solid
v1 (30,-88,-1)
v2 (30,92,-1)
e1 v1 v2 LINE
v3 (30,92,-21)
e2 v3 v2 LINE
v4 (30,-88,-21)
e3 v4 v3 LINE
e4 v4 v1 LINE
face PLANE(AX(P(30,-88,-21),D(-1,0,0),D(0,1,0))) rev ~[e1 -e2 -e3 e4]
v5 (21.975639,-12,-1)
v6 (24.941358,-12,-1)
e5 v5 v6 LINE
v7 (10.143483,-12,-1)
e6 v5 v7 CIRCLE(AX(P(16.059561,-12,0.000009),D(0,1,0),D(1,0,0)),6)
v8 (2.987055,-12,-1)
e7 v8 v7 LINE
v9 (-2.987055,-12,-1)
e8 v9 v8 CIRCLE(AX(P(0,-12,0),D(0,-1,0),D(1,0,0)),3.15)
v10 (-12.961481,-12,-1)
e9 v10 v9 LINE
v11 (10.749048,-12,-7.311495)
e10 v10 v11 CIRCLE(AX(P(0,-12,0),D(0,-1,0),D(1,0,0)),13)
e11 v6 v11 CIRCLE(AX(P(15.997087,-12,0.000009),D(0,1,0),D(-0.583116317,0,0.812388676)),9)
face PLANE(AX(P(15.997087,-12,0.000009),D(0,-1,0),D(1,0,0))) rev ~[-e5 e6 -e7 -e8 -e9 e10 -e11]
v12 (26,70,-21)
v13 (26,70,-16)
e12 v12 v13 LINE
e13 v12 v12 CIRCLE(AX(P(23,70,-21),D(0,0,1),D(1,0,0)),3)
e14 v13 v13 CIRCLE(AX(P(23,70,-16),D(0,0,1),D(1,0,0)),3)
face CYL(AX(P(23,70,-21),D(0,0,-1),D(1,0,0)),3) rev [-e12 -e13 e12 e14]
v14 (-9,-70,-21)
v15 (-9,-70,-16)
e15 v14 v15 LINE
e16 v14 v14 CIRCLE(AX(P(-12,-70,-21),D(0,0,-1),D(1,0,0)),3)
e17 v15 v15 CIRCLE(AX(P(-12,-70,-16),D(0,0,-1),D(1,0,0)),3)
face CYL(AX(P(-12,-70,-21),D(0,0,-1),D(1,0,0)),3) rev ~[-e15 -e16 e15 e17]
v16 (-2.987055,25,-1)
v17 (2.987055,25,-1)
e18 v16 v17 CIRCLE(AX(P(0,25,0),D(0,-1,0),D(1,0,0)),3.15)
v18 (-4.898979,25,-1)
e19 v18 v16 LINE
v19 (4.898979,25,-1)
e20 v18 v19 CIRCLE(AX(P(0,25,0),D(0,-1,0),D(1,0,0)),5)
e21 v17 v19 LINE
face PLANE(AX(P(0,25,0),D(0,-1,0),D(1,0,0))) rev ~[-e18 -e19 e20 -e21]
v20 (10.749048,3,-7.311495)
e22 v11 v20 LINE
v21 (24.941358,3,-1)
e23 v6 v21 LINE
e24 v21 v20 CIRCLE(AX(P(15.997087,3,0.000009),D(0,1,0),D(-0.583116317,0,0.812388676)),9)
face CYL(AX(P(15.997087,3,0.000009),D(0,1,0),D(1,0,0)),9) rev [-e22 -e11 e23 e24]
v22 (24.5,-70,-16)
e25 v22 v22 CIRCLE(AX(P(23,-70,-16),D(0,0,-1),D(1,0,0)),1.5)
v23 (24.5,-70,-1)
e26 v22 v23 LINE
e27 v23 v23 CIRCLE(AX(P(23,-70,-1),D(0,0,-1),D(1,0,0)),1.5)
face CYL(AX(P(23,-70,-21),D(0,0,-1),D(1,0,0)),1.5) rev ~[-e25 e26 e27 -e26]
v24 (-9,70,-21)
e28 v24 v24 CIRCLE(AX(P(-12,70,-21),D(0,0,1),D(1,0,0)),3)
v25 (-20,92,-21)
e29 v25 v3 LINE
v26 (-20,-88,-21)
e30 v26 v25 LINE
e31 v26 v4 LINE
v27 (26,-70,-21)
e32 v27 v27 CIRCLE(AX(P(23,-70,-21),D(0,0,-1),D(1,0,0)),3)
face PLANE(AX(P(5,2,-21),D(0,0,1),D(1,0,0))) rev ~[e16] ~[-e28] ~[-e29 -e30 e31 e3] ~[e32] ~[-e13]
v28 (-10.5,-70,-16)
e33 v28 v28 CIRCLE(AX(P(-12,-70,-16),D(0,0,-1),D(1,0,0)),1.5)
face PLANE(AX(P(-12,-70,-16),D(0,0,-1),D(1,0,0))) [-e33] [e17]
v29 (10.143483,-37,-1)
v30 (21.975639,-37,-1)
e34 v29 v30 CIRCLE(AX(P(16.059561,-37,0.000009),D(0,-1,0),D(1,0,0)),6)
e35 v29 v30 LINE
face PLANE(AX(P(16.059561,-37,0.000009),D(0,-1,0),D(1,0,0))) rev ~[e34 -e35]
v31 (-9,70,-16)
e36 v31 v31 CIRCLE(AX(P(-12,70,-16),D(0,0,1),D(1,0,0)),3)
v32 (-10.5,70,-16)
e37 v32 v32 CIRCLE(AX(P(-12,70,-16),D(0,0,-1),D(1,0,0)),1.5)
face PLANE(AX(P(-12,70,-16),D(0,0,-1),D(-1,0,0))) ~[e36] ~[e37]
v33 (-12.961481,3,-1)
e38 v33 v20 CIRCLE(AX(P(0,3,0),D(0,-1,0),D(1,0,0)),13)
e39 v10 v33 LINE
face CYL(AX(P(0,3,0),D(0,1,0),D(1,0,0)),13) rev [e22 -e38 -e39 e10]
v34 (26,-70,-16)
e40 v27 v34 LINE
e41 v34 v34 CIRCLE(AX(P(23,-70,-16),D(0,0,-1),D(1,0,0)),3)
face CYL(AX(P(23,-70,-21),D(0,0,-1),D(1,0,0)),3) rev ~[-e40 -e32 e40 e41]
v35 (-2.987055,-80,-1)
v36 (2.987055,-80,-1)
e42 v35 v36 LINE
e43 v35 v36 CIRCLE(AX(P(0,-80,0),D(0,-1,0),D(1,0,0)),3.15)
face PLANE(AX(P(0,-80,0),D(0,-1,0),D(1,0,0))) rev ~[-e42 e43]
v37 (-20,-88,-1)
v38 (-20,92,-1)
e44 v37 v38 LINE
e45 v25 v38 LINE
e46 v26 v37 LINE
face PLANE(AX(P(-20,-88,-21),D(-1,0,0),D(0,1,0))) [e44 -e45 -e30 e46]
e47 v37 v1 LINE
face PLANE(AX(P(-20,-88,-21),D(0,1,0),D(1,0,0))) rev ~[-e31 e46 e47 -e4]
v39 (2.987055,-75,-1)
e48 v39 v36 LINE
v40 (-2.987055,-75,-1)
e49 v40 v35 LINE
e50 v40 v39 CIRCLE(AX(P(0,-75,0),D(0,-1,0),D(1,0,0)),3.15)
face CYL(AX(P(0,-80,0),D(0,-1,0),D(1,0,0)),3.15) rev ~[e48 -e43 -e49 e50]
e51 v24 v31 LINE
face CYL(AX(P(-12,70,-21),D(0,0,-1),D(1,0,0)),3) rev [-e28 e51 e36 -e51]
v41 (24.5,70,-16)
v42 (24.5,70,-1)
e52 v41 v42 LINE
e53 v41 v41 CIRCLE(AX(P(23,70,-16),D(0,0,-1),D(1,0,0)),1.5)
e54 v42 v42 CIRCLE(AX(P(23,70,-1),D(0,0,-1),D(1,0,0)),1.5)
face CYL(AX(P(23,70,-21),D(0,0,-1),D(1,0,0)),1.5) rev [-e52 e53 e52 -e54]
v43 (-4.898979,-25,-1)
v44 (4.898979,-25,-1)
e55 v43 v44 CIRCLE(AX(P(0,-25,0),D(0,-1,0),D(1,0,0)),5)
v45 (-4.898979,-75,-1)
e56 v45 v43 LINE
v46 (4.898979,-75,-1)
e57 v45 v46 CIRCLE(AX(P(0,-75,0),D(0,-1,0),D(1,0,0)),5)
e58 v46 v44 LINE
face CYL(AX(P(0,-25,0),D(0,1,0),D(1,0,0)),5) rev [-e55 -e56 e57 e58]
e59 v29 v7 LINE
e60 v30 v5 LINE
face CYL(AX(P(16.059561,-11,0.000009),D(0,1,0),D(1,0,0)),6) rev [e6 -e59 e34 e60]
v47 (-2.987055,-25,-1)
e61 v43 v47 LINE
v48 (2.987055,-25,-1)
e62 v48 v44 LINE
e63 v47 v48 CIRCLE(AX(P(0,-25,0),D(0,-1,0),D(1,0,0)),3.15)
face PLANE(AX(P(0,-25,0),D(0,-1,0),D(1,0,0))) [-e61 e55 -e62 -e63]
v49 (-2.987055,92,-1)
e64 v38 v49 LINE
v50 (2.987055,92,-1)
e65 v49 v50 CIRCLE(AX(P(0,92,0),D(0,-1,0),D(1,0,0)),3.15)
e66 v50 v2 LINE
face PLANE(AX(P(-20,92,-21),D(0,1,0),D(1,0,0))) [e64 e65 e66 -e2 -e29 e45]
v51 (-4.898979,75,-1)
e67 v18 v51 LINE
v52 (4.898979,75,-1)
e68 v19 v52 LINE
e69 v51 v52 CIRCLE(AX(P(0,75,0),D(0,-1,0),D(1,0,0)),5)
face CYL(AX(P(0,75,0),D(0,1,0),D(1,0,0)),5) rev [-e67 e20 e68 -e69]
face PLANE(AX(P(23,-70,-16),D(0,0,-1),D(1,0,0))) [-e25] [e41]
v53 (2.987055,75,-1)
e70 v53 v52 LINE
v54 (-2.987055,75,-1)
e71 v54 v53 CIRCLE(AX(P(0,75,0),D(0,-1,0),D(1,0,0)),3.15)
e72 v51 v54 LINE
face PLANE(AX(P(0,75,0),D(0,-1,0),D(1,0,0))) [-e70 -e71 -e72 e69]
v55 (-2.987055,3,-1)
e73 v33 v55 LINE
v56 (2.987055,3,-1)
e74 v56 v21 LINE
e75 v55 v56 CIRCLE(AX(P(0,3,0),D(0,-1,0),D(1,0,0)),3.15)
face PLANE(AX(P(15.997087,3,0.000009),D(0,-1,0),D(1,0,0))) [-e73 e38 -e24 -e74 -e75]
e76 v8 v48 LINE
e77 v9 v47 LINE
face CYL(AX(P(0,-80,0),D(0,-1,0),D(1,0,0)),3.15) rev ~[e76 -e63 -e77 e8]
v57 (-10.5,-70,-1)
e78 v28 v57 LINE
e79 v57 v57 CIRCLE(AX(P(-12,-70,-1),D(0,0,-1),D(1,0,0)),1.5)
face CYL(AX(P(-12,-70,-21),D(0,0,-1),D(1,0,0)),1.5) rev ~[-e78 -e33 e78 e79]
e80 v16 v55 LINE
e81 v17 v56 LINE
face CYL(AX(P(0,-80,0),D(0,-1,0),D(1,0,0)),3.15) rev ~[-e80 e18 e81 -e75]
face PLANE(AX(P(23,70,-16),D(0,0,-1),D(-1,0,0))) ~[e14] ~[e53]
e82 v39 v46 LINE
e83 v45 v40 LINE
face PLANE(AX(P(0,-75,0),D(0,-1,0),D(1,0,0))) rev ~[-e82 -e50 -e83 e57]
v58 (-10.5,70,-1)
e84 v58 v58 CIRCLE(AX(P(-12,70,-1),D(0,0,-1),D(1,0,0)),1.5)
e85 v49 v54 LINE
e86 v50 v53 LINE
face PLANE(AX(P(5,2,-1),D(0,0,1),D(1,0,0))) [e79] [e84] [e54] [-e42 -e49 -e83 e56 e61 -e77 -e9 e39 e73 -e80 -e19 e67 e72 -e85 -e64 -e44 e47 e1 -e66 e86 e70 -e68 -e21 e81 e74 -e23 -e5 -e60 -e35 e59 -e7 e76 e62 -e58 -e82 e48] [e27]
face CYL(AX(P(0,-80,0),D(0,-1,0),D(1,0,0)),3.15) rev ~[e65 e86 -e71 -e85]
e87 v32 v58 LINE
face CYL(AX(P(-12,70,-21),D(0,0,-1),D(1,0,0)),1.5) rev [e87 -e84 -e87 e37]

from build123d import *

# Parameters (mm, degrees)
SKETCH006_R     = 3.15
PAD002_DEPTH    = 190
SKETCH011_R     = 5
PAD007_DEPTH    = 50
SKETCH010_R     = 5
PAD006_DEPTH    = 50
SKETCH008_R     = 13
PAD004_DEPTH    = 15
SKETCH009_R     = 9
PAD005_DEPTH    = 15
SKETCH013_R     = 6
PAD008_DEPTH    = 26
BOX001_W        = 50
BOX001_H        = 180
BOX001_DEPTH    = 20
SKETCH015_R     = 1.5
POCKET001_DEPTH = 395.766885
SKETCH016_R     = 1.5
POCKET002_DEPTH = 395.766885
SKETCH017_R     = 3
POCKET003_DEPTH = 5
SKETCH018_R     = 3
POCKET004_DEPTH = 5


with BuildPart() as pad002:
    # Sketch006 → Pad002 (new body)
    with BuildSketch(Plane.XZ.offset(80)):
        Circle(SKETCH006_R)
    extrude(amount=-PAD002_DEPTH)


with BuildPart() as pad007:
    # Sketch011 → Pad007 (new body)
    with BuildSketch(Plane.XZ.offset(-75)):
        Circle(SKETCH011_R)
    extrude(amount=PAD007_DEPTH)


with BuildPart() as scassi_perno:
    # Sketch010 → Pad006 (new body)
    with BuildSketch(Plane.XZ.offset(25)):
        Circle(SKETCH010_R)
    extrude(amount=PAD006_DEPTH)

    # Fusion002: union Pad007
    add(pad007.part)


with BuildPart() as scasso_ruota_dentata:
    # Sketch008 → Pad004 (new body)
    with BuildSketch(Plane.XZ.offset(-3)):
        Circle(SKETCH008_R)
    extrude(amount=PAD004_DEPTH)


with BuildPart() as scassi_ruote_dentate:
    # Sketch009 → Pad005 (new body)
    with BuildSketch(Plane.XZ.offset(-3)):
        with Locations((15.997087, 9e-06)):
            Circle(SKETCH009_R)
    extrude(amount=PAD005_DEPTH)

    # Fusion001: union scasso_ruota_dentata
    add(scasso_ruota_dentata.part)


with BuildPart() as fusion:
    # Sketch013 → Pad008 (new body)
    with BuildSketch(Plane.XZ.offset(11)):
        with Locations((16.059561, 9e-06)):
            Circle(SKETCH013_R)
    extrude(amount=PAD008_DEPTH)

    # Fusion005: union scassi_perno, scassi_ruote_dentate
    add(scassi_perno.part)
    add(scassi_ruote_dentate.part)

    # Fusion: union Pad002
    add(pad002.part)


with BuildPart() as tappo_viti:
    # Box001 → Box001 (new body)
    with BuildSketch(Plane(origin=(-20, -88, -21), x_dir=(1, 0, 0), z_dir=(0, 0, 1))):
        with Locations((25, 90)):
            Rectangle(BOX001_W, BOX001_H)
    extrude(amount=BOX001_DEPTH)

    # Cut001: cut Fusion
    add(fusion.part, mode=Mode.SUBTRACT)

    # Sketch015 → Pocket001 (cut, through all)
    with BuildSketch(Plane(origin=(0, 0, -21), x_dir=(1, 0, 0), z_dir=(0, 0, -1))):
        with Locations((23, 70)):
            Circle(SKETCH015_R)
    pocket001 = extrude(amount=-POCKET001_DEPTH, mode=Mode.SUBTRACT)

    # Mirrored: Pocket001 across Sketch015 H_Axis
    add(pocket001.mirror(Plane(origin=(0, 0, -21), x_dir=(0, 0, -1), z_dir=(0, -1, 0))), mode=Mode.SUBTRACT)

    # Sketch016 → Pocket002 (cut, through all)
    with BuildSketch(Plane(origin=(0, 0, -21), x_dir=(1, 0, 0), z_dir=(0, 0, -1))):
        with Locations((-12, 70)):
            Circle(SKETCH016_R)
    pocket002 = extrude(amount=-POCKET002_DEPTH, mode=Mode.SUBTRACT)

    # Mirrored001: Pocket002 across Sketch016 H_Axis
    add(pocket002.mirror(Plane(origin=(0, 0, -21), x_dir=(0, 0, -1), z_dir=(0, -1, 0))), mode=Mode.SUBTRACT)

    # Sketch017 → Pocket003 (cut)
    with BuildSketch(Plane(origin=(0, 0, -21), x_dir=(1, 0, 0), z_dir=(0, 0, -1))):
        with Locations((23, 70)):
            Circle(SKETCH017_R)
    pocket003 = extrude(amount=-POCKET003_DEPTH, mode=Mode.SUBTRACT)

    # Mirrored002: Pocket003 across Sketch017 H_Axis
    add(pocket003.mirror(Plane(origin=(0, 0, -21), x_dir=(0, 0, -1), z_dir=(0, -1, 0))), mode=Mode.SUBTRACT)

    # Sketch018 → Pocket004 (cut)
    with BuildSketch(Plane(origin=(0, 0, -21), x_dir=(1, 0, 0), z_dir=(0, 0, -1))):
        with Locations((-12, 70)):
            Circle(SKETCH018_R)
    pocket004 = extrude(amount=-POCKET004_DEPTH, mode=Mode.SUBTRACT)

    # Mirrored003: Pocket004 across Sketch018 H_Axis
    add(pocket004.mirror(Plane(origin=(0, 0, -21), x_dir=(0, 0, -1), z_dir=(0, -1, 0))), mode=Mode.SUBTRACT)


solid = tappo_viti.part
